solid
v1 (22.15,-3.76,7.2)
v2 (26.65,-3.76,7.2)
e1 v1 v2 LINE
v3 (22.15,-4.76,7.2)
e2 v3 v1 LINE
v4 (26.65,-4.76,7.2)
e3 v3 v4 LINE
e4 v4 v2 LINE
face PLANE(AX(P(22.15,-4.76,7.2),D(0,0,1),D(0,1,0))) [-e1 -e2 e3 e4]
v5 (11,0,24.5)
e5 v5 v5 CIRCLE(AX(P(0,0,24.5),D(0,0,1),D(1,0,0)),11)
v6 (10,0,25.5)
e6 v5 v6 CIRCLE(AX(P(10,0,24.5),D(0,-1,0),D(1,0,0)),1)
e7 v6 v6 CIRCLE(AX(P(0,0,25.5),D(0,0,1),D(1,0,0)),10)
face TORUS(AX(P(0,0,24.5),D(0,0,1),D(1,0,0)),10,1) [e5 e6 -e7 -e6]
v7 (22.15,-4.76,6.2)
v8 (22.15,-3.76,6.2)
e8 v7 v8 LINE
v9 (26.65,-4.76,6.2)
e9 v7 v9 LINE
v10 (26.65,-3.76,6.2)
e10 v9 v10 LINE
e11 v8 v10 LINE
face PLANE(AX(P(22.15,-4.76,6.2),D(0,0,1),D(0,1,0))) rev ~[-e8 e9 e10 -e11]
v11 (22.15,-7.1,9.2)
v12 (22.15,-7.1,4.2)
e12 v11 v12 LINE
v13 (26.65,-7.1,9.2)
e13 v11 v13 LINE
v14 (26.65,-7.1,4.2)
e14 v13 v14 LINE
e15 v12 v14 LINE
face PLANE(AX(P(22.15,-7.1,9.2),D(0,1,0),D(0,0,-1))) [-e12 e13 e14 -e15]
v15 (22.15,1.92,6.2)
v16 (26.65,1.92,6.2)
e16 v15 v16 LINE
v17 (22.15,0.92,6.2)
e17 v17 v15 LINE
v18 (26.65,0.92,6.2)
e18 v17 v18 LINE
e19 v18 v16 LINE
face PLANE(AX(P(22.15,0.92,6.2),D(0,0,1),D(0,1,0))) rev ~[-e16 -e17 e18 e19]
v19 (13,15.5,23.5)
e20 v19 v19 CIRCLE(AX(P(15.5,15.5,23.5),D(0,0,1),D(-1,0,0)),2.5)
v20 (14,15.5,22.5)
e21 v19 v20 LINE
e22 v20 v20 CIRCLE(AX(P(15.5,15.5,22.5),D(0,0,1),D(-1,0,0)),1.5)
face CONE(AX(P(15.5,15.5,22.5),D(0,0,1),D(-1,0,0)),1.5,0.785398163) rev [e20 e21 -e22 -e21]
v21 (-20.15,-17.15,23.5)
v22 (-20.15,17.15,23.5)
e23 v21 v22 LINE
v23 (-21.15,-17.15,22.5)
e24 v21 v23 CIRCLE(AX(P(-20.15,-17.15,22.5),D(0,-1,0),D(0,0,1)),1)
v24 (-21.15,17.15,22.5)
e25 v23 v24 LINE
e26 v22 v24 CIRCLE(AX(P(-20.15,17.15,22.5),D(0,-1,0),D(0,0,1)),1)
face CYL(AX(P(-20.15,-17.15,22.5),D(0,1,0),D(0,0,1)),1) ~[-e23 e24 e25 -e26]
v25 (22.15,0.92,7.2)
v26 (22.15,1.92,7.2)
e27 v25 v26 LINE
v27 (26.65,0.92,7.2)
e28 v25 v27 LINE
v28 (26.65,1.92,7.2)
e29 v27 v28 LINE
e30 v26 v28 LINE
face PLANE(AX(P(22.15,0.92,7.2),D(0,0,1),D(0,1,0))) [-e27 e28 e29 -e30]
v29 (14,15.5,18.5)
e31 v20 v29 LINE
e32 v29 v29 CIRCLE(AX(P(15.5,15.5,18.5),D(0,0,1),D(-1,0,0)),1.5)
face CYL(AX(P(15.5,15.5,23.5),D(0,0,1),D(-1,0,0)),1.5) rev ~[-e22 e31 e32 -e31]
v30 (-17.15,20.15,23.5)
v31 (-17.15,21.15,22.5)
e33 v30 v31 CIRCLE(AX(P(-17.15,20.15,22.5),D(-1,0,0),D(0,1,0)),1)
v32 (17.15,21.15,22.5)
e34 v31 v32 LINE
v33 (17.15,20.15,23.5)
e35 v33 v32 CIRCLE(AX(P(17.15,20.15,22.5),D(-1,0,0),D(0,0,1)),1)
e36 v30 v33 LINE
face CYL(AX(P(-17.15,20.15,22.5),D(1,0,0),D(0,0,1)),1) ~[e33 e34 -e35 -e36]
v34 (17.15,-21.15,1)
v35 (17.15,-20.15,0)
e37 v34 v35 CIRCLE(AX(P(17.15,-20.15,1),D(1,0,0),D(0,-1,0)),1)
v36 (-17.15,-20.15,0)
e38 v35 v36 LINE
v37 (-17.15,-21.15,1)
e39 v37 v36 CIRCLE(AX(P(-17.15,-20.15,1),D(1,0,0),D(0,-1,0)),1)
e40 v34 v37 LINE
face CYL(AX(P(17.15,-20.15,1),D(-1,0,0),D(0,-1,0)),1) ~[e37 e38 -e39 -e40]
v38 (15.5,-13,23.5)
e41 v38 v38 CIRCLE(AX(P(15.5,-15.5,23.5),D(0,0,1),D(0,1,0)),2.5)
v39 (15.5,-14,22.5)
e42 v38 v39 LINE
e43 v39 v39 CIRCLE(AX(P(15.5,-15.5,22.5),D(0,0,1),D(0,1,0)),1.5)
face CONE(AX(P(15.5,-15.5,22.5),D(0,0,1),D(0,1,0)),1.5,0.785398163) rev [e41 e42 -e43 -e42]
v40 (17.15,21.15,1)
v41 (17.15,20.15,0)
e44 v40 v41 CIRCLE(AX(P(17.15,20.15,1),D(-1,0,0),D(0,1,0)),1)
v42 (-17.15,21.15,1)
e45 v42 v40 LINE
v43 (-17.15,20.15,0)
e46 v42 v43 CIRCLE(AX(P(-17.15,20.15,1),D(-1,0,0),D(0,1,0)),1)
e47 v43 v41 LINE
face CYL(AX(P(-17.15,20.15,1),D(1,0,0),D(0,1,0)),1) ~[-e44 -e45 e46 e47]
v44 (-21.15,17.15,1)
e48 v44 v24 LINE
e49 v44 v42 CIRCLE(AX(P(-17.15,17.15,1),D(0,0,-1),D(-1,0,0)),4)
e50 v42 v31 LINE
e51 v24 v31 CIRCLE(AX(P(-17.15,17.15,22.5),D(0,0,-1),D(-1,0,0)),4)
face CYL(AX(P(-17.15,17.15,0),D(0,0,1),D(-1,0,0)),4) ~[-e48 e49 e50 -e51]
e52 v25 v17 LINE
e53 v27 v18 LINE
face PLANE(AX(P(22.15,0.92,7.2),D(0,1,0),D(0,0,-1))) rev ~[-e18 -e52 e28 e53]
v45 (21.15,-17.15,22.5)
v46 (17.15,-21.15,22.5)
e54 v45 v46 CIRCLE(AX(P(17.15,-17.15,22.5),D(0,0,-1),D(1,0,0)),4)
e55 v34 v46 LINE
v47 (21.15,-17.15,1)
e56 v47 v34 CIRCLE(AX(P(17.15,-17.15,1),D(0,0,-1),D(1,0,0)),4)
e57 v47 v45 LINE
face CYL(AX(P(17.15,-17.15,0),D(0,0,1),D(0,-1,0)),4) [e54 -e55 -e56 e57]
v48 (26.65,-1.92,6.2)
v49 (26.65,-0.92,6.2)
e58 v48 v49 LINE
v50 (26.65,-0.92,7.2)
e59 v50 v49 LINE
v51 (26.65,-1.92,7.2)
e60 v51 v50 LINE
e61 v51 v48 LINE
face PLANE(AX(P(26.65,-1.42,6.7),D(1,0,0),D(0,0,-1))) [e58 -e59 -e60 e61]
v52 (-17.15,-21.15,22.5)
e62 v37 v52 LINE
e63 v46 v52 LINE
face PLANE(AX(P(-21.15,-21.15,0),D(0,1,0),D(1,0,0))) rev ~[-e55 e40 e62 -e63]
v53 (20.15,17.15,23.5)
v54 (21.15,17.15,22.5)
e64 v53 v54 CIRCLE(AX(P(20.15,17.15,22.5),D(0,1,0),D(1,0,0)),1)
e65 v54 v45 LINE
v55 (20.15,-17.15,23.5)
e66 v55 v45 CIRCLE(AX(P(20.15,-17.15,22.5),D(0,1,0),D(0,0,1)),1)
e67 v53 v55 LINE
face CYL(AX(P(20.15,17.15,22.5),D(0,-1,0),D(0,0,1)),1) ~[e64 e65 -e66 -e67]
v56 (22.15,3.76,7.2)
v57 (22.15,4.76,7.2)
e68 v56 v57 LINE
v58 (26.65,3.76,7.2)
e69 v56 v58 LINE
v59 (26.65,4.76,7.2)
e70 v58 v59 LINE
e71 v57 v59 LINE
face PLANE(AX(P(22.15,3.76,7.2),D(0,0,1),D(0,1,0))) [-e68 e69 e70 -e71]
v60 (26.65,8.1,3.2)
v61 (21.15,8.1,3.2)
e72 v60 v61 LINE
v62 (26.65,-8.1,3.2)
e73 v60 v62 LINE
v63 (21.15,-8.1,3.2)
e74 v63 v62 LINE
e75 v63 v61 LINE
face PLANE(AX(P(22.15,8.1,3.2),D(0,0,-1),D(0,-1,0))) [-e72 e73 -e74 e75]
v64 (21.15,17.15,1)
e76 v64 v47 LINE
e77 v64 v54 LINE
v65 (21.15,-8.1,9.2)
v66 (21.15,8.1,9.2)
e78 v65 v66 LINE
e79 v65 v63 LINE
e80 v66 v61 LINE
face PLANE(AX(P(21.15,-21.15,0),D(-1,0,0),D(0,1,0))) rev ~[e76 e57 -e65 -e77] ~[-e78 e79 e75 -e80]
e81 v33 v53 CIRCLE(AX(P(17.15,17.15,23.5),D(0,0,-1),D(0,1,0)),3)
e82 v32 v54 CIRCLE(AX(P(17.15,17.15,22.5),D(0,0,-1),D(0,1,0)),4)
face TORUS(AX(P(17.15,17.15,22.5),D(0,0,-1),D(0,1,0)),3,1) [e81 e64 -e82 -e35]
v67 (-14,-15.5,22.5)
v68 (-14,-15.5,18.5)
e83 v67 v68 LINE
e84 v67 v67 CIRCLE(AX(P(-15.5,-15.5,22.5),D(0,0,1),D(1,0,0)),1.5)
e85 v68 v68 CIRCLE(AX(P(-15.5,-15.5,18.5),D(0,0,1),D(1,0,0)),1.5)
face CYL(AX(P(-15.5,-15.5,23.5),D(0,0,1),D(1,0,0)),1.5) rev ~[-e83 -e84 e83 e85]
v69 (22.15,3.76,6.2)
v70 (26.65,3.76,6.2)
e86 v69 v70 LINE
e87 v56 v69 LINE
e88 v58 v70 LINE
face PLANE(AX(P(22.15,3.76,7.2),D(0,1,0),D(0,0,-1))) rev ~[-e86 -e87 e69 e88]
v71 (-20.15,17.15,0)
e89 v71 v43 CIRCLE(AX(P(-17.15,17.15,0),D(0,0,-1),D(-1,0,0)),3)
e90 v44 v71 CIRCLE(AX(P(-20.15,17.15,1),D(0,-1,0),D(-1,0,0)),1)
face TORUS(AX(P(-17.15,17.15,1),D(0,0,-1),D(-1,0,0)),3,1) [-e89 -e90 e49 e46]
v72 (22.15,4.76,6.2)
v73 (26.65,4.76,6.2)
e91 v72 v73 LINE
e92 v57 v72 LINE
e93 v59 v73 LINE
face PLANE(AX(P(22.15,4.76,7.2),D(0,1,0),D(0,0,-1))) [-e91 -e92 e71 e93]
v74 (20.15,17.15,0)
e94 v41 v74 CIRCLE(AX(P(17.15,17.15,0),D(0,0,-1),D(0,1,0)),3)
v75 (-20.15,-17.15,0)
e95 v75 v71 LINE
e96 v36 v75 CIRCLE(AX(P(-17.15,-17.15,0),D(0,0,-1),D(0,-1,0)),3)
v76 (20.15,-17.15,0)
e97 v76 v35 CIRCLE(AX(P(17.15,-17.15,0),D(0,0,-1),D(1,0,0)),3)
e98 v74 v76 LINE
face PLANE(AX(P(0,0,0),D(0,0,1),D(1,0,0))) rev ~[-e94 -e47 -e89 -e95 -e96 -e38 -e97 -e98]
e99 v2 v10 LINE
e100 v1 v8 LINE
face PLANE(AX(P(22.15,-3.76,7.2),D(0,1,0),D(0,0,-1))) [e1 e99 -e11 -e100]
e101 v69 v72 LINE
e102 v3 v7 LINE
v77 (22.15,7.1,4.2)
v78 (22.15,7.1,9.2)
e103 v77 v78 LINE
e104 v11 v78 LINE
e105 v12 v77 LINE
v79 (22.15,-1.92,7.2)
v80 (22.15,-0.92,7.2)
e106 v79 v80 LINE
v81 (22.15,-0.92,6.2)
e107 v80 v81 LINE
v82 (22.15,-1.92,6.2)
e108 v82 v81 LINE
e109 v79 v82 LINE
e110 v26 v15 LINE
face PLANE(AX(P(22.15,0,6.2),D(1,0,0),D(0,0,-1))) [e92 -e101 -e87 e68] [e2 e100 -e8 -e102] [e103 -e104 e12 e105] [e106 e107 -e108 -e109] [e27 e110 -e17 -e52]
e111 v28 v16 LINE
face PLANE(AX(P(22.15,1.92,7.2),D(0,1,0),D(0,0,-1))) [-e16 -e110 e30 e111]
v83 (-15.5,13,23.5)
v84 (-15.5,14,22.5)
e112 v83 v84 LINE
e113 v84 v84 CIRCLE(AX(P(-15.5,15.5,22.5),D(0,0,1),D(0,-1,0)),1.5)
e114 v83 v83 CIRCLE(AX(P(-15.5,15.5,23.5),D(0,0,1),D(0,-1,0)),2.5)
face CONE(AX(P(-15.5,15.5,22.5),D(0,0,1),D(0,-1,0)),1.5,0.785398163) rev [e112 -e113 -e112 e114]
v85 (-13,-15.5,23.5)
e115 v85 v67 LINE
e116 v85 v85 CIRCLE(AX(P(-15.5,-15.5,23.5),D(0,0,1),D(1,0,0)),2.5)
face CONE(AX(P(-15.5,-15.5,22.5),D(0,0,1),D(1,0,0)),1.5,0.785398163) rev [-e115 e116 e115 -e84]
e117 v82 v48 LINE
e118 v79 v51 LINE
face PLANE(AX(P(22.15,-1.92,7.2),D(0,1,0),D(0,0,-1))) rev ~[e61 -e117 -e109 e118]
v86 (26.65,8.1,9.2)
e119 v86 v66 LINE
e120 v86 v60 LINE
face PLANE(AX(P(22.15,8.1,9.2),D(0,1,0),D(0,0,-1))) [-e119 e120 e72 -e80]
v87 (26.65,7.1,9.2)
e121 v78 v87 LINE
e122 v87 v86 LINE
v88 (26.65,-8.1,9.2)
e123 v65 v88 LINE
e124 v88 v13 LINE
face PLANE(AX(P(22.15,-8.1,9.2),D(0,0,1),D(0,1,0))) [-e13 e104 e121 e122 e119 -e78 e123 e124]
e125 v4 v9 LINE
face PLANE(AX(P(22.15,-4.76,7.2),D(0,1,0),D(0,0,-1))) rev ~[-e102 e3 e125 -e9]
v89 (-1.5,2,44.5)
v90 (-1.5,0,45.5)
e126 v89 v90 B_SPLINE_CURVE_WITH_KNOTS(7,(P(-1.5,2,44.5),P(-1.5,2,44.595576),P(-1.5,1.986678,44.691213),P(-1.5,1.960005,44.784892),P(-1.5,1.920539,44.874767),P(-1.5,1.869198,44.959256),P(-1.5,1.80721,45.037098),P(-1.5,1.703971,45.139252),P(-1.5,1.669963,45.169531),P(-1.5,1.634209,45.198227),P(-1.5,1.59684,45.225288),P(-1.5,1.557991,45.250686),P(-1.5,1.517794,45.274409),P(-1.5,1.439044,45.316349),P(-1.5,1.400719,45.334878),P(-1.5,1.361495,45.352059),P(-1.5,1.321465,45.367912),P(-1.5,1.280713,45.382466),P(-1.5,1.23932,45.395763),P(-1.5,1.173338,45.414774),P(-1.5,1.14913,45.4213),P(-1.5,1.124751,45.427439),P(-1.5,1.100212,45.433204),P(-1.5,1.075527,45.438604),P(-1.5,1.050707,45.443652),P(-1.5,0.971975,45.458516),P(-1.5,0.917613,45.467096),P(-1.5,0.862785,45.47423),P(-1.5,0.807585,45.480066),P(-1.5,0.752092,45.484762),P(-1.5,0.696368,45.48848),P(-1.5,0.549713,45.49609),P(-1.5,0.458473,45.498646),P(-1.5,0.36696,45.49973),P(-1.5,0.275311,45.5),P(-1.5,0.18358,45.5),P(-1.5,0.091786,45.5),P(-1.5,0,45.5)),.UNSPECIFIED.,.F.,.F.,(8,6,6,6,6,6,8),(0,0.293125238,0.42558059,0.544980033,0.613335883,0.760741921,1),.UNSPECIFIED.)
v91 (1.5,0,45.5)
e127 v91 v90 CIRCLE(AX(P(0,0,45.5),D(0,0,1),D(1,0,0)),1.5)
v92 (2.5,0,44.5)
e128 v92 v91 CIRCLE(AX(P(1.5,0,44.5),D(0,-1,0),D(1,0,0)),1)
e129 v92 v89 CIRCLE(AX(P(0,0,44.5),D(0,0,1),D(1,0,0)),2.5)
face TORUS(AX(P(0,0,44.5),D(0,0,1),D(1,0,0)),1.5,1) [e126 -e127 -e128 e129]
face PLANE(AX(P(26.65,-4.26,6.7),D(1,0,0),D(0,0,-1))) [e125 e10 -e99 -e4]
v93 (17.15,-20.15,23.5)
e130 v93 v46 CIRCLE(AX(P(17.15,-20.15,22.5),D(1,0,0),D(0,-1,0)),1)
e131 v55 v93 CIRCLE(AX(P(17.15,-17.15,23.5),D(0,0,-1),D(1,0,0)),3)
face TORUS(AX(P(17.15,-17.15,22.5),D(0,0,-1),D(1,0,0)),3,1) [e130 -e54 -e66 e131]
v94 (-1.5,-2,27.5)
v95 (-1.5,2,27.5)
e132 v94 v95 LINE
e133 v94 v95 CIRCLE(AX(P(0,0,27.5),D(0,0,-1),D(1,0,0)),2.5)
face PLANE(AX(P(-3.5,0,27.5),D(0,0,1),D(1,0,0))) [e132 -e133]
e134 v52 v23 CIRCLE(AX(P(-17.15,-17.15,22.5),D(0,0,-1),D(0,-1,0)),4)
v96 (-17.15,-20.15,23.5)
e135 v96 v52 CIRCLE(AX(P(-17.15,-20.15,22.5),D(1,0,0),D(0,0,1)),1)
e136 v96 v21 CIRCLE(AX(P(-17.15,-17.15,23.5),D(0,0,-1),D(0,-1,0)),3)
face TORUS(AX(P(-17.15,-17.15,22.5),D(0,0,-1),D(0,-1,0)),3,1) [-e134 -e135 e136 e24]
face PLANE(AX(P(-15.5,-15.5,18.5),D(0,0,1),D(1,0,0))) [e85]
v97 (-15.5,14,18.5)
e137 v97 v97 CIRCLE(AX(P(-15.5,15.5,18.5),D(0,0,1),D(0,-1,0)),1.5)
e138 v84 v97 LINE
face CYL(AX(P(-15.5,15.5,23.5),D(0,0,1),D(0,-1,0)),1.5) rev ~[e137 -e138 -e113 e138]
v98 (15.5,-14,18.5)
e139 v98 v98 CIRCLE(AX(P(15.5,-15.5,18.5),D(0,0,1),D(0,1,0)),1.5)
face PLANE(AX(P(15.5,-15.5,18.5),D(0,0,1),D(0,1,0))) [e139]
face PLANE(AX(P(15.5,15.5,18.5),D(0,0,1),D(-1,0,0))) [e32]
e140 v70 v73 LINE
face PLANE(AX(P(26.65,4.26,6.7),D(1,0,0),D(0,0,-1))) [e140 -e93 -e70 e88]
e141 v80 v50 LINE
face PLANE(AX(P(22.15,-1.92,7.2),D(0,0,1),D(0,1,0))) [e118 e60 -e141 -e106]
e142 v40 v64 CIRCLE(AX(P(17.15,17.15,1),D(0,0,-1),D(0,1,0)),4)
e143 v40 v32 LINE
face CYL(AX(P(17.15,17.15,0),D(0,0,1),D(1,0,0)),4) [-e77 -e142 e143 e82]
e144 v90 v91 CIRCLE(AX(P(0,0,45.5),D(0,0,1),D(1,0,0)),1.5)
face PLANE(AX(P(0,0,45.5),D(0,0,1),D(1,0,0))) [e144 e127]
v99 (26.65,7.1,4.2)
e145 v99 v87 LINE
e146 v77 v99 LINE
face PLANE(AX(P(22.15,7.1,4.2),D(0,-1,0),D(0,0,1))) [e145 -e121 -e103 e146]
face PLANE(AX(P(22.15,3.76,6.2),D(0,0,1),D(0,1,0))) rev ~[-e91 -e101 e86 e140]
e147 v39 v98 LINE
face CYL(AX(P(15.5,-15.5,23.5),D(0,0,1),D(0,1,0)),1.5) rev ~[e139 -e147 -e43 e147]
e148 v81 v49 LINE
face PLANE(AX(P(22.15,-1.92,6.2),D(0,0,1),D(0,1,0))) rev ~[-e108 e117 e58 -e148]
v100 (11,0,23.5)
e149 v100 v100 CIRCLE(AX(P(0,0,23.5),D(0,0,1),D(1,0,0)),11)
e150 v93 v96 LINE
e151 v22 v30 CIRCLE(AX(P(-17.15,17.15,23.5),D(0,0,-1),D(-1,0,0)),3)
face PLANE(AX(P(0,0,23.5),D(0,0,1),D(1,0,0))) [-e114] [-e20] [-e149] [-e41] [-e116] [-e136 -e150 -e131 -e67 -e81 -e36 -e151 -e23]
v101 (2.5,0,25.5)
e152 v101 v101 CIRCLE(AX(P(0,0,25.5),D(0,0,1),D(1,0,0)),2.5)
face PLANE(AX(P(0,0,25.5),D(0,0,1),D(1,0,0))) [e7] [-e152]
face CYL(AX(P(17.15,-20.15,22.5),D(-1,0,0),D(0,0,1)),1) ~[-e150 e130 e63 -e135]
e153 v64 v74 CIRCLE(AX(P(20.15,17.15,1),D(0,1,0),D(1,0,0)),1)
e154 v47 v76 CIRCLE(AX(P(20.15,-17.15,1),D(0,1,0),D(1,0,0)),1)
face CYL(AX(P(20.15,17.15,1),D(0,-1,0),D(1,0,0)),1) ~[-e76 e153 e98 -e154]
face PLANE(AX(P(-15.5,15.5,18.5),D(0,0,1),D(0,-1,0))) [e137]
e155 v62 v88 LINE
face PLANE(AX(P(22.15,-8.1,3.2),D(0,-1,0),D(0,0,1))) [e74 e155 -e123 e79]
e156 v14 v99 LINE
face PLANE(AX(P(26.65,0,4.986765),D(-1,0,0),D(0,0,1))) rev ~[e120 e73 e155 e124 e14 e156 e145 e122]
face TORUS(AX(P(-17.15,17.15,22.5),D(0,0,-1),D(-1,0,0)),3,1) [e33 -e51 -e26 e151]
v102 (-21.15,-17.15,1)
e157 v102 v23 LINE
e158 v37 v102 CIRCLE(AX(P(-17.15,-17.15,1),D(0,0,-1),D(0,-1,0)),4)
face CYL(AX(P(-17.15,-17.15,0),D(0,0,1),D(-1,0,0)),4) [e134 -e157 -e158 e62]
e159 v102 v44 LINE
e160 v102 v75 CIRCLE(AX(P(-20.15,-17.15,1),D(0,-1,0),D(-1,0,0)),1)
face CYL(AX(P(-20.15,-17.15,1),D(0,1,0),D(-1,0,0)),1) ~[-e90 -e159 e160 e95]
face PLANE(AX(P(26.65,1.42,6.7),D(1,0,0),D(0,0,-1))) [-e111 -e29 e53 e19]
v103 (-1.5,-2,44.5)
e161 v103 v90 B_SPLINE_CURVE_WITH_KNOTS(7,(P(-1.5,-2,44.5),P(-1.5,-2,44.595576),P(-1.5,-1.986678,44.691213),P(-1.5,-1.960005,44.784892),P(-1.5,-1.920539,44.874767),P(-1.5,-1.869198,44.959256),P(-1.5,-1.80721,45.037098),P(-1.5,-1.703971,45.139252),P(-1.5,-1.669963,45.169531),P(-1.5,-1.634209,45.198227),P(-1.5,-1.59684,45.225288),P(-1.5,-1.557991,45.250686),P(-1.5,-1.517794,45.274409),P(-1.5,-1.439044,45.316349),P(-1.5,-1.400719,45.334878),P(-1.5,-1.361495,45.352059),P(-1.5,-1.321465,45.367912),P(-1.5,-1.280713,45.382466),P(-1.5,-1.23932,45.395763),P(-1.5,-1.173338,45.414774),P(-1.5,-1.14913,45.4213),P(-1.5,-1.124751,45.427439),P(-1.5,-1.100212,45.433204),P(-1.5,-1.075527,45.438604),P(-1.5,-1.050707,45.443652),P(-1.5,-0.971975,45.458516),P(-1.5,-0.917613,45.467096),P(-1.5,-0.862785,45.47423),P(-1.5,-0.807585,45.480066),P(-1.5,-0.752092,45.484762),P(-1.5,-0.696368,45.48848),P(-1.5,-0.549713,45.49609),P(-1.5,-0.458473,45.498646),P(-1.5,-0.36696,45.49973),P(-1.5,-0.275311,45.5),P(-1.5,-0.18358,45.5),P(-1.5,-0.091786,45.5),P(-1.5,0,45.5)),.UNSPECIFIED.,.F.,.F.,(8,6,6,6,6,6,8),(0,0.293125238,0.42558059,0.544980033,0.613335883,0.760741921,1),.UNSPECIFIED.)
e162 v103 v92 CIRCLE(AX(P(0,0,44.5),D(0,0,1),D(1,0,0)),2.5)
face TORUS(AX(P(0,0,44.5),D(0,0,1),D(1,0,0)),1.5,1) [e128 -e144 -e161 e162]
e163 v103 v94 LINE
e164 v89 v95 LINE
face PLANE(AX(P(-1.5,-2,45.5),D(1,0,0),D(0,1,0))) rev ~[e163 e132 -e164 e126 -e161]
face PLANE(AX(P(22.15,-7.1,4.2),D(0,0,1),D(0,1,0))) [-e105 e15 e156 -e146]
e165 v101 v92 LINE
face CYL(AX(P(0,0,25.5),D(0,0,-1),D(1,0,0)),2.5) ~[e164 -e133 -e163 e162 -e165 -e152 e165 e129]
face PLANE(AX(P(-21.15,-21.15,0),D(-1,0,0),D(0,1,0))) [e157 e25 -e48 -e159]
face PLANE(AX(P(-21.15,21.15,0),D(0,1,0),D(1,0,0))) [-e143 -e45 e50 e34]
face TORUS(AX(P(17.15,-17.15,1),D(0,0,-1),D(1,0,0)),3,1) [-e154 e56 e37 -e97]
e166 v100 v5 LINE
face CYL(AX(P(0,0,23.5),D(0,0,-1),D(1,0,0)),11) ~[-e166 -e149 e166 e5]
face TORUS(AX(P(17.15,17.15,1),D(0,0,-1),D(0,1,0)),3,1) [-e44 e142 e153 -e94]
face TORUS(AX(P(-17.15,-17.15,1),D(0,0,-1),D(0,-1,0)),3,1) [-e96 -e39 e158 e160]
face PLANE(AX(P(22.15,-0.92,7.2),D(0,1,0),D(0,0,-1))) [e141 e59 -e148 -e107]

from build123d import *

# Parameters (mm, degrees)
SKETCH1_W                    = 42.3
SKETCH1_H                    = 42.3
BOSS_EXTRUDE1_DEPTH          = 23.5
FILLET1_R                    = 4
SKETCH2_R                    = 1.5
CUT_EXTRUDE1_DEPTH           = 5
CHAMFER1_SIZE                = 1
CIRPATTERN1_COUNT            = 4
CHAMFER1_OF_CIRPATTERN1_SIZE = 1
SKETCH3_R                    = 11
BOSS_EXTRUDE2_DEPTH          = 2
SKETCH4_R                    = 2.5
BOSS_EXTRUDE3_DEPTH          = 20
FILLET2_R                    = 1
SKETCH5_W                    = 6
SKETCH5_H                    = 16.2
BOSS_EXTRUDE4_DEPTH          = 1
SKETCH6_W                    = 1
SKETCH6_H                    = 1
BOSS_EXTRUDE5_DEPTH          = 4.5
SKETCH7_W                    = 4
SKETCH7_H                    = 4
CUT_EXTRUDE2_DEPTH           = 18


with BuildPart() as part:
    # Sketch1 → Boss-Extrude1 (new body)
    with BuildSketch(Plane.XY):
        Rectangle(SKETCH1_W, SKETCH1_H)
    extrude(amount=BOSS_EXTRUDE1_DEPTH)

    # Fillet1
    fillet1_edges = [part.edges().sort_by_distance(p)[0] for p in [
        (-21.15, 21.15, 11.75),
        (21.15, 21.15, 11.75),
        (21.15, -21.15, 11.75),
        (-21.15, -21.15, 11.75),
    ]]
    fillet(fillet1_edges, radius=FILLET1_R)

    # Sketch2 → Cut-Extrude1 (cut)
    with BuildSketch(Plane.XY.offset(23.5)):
        with Locations((-15.5, -15.5)):
            Circle(SKETCH2_R)
    cut_extrude1 = extrude(amount=-CUT_EXTRUDE1_DEPTH, mode=Mode.SUBTRACT)

    # Chamfer1
    chamfer1_edges = [part.edges().sort_by_distance(p)[0] for p in [
        (-17, -15.5, 23.5),
    ]]
    chamfer(chamfer1_edges, length=CHAMFER1_SIZE)

    # CirPattern1: Cut-Extrude1 ×4 about axis
    cirpattern1_axis = Axis((0, 0, 23.5), (0, 0, 1))
    for i in range(1, CIRPATTERN1_COUNT):
        add(cut_extrude1.rotate(cirpattern1_axis, i * 360 / CIRPATTERN1_COUNT), mode=Mode.SUBTRACT)

    # Chamfer1 of CirPattern1
    chamfer1_of_cirpattern1_edges = [part.edges().sort_by_distance(p)[0] for p in [
        (15.5, -17, 23.5),
        (17, 15.5, 23.5),
        (-15.5, 17, 23.5),
    ]]
    chamfer(chamfer1_of_cirpattern1_edges, length=CHAMFER1_OF_CIRPATTERN1_SIZE)

    # Sketch3 → Boss-Extrude2 (add)
    with BuildSketch(Plane.XY.offset(23.5)):
        Circle(SKETCH3_R)
    extrude(amount=BOSS_EXTRUDE2_DEPTH)

    # Sketch4 → Boss-Extrude3 (add)
    with BuildSketch(Plane.XY.offset(25.5)):
        Circle(SKETCH4_R)
    extrude(amount=BOSS_EXTRUDE3_DEPTH)

    # Fillet2
    fillet2_edges = [part.edges().sort_by_distance(p)[0] for p in [
        (19.978427125, -19.978427125, 0),
        (0, -21.15, 0),
        (-19.978427125, -19.978427125, 0),
        (-21.15, 0, 0),
        (-19.978427125, 19.978427125, 0),
        (0, 21.15, 0),
        (19.978427125, 19.978427125, 0),
        (19.978427125, 19.978427125, 23.5),
        (21.15, 0, 23.5),
        (19.978427125, -19.978427125, 23.5),
        (0, -21.15, 23.5),
        (-19.978427125, -19.978427125, 23.5),
        (-21.15, 0, 23.5),
        (-19.978427125, 19.978427125, 23.5),
        (21.15, 0, 0),
        (0, 21.15, 23.5),
        (-11, 0, 25.5),
        (-2.5, 0, 45.5),
    ]]
    fillet(fillet2_edges, radius=FILLET2_R)

    # Sketch5 → Boss-Extrude4 (add)
    with BuildSketch(Plane(origin=(21.15, 0, 0), x_dir=(0, 0, -1), z_dir=(1, 0, 0))):
        with Locations((-6.2, 0)):
            Rectangle(SKETCH5_W, SKETCH5_H)
    extrude(amount=BOSS_EXTRUDE4_DEPTH)

    # Sketch6 → Boss-Extrude5 (add)
    with BuildSketch(Plane(origin=(22.15, 0, 0), x_dir=(0, 0, -1), z_dir=(1, 0, 0))):
        Polygon((-9.2, -7.1), (-4.2, -7.1), (-4.2, 7.1), (-9.2, 7.1), (-9.2, 8.1), (-3.2, 8.1), (-3.2, -8.1), (-9.2, -8.1), align=None)
        with Locations((-6.7, -4.26)):
            Rectangle(SKETCH6_W, SKETCH6_H)
        with Locations((-6.7, 1.42)):
            Rectangle(SKETCH6_W, SKETCH6_H)
        with Locations((-6.7, 4.26)):
            Rectangle(SKETCH6_W, SKETCH6_H)
        with Locations((-6.7, -1.42)):
            Rectangle(SKETCH6_W, SKETCH6_H)
    extrude(amount=BOSS_EXTRUDE5_DEPTH)

    # Sketch7 → Cut-Extrude2 (cut)
    with BuildSketch(Plane.XY.offset(45.5)):
        with Locations((-3.5, 0)):
            Rectangle(SKETCH7_W, SKETCH7_H)
    extrude(amount=-CUT_EXTRUDE2_DEPTH, mode=Mode.SUBTRACT)


solid = part.part
